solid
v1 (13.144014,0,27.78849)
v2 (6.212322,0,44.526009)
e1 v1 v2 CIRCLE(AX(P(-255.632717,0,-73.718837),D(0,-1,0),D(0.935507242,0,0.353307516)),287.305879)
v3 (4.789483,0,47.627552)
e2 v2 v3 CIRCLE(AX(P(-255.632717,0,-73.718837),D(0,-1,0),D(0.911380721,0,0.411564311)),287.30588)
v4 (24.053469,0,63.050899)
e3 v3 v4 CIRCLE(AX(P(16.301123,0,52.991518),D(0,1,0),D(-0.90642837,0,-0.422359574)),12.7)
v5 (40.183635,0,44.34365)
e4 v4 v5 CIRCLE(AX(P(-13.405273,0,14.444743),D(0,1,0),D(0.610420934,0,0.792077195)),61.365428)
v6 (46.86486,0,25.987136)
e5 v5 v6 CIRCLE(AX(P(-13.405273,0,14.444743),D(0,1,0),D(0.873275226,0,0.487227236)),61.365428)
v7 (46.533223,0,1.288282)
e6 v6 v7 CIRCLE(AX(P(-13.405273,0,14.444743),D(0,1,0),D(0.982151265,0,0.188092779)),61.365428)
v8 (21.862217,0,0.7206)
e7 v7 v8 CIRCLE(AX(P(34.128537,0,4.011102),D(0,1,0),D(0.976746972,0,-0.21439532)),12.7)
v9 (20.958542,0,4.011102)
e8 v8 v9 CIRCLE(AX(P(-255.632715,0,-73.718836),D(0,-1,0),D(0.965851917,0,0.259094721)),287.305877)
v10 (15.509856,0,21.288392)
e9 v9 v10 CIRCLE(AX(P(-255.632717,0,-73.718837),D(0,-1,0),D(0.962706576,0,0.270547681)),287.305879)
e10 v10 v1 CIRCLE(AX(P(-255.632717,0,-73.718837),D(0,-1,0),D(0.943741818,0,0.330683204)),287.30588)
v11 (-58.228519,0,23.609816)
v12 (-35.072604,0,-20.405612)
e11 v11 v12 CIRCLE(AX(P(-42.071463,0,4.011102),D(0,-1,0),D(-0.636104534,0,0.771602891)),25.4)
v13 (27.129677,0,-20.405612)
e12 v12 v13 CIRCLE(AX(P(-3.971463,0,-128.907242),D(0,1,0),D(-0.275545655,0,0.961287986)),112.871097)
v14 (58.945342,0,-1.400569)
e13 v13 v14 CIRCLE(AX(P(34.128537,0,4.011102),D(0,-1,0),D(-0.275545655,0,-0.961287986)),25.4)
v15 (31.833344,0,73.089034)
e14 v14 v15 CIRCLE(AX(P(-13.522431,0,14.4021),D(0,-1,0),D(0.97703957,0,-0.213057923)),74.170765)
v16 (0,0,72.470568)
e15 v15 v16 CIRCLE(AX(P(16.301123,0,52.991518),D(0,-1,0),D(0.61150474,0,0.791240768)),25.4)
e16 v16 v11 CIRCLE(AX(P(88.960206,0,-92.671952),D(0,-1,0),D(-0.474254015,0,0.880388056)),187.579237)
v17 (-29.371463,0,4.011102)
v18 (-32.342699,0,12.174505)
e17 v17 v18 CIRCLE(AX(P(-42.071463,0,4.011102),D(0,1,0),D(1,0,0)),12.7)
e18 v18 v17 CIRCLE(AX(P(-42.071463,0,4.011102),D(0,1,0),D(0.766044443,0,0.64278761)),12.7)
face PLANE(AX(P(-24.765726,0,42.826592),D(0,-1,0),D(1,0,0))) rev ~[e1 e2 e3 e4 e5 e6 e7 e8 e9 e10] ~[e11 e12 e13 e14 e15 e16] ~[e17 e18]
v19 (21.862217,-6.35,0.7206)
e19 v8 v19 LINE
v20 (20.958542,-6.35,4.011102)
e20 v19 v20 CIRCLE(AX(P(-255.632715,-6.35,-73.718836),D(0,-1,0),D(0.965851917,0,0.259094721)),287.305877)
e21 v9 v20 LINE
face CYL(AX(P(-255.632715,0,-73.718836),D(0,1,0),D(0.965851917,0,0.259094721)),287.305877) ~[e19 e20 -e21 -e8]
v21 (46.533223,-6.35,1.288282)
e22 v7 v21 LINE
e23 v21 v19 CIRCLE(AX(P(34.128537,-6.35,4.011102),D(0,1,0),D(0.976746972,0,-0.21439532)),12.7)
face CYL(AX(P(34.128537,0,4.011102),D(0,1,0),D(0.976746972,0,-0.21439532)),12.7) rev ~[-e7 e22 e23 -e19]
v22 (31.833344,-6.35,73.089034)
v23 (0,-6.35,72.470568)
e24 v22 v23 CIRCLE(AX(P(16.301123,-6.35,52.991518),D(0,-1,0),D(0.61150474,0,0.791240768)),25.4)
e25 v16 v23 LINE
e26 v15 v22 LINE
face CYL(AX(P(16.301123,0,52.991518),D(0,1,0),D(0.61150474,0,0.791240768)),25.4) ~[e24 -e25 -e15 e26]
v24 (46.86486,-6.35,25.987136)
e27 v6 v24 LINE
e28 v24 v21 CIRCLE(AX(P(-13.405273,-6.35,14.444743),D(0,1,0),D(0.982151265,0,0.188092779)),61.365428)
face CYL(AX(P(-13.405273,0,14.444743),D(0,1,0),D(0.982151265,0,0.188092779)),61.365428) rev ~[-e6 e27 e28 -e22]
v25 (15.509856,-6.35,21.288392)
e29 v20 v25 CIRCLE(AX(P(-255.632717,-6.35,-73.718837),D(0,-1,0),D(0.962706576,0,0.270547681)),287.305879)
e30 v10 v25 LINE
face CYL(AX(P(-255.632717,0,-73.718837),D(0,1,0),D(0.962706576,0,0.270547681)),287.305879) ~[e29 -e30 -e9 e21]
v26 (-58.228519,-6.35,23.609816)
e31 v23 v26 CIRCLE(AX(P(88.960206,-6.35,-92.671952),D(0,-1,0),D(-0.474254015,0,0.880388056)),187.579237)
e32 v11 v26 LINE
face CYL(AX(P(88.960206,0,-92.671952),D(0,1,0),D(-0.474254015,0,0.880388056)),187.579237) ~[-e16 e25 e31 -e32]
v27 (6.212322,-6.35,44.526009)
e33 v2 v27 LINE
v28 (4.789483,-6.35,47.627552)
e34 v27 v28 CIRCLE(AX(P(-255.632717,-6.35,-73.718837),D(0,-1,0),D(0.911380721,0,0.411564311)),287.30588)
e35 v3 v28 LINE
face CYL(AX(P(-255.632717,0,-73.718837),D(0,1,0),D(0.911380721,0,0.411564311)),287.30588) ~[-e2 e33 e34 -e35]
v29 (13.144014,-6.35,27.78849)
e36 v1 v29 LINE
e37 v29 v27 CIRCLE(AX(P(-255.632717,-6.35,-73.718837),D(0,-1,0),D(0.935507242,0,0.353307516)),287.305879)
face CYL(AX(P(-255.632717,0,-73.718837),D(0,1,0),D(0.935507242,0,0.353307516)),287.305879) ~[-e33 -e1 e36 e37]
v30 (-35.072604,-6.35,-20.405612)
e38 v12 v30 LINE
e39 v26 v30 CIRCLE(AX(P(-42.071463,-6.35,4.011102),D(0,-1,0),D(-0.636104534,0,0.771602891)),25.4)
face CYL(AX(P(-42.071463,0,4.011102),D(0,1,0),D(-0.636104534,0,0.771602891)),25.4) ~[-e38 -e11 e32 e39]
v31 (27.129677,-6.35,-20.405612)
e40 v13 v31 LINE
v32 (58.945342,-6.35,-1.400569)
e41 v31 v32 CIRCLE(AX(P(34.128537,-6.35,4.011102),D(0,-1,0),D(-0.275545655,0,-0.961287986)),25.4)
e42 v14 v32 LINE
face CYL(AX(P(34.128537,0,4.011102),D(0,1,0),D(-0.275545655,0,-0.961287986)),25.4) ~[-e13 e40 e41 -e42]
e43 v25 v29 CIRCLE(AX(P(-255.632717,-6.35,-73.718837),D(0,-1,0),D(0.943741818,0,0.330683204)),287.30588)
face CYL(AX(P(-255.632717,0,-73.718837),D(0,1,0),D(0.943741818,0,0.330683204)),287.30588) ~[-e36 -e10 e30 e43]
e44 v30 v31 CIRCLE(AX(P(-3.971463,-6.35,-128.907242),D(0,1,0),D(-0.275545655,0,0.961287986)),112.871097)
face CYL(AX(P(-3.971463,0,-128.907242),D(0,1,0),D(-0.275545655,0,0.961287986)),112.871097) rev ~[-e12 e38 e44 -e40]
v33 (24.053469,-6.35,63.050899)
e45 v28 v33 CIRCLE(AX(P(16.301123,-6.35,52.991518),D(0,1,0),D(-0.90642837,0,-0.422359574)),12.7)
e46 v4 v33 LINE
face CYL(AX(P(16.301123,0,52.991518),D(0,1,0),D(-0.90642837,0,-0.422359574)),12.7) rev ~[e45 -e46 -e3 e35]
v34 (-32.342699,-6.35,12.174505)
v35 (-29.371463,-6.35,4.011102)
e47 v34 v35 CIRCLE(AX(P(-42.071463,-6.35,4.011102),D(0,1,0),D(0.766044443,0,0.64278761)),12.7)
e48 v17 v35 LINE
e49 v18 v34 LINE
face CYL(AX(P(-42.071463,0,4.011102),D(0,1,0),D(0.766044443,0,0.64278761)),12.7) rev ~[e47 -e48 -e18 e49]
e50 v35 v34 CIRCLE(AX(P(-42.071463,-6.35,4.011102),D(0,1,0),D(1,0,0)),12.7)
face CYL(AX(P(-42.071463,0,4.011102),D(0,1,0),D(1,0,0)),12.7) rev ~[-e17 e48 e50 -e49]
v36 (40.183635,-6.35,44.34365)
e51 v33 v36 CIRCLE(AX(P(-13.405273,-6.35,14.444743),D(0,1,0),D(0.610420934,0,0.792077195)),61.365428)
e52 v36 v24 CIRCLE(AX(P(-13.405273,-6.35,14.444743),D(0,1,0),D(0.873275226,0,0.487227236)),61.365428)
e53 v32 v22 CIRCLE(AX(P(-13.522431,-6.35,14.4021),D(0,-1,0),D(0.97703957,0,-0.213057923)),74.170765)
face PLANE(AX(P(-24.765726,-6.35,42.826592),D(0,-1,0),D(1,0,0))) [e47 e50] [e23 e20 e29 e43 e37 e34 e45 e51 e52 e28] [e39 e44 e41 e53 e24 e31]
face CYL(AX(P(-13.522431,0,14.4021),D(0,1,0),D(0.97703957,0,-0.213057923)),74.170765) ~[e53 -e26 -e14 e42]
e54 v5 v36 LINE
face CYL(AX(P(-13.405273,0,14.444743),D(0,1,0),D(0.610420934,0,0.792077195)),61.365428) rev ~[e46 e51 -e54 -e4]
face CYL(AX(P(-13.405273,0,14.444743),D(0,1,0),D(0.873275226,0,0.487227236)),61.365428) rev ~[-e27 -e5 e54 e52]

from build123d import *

# Parameters (mm, degrees)
F1_DEPTH = 6.35


with BuildPart() as f1:
    # F0 (on Front) → F1 (new body)
    with BuildSketch(Plane.XZ):
        with BuildLine():
            ThreePointArc((0, 72.4705681205), (-31.6151754834, 51.0205932538), (-58.2285185052, 23.6098158874))
            ThreePointArc((-58.2285185052, 23.6098158874), (-39.747753506, 29.3045872421), (-22.6139344783, 20.3379077418))
            Line((-22.6139344783, 20.3379077418), (-3.1564056231, 36.6647130278))
            ThreePointArc((-3.1564056231, 36.6647130278), (-9.0007564313, 55.2219634474), (0, 72.4705681205))
        make_face()
        with BuildLine():
            Line((-3.1564056231, 36.6647130278), (-22.6139344783, 20.3379077418))
            ThreePointArc((-22.6139344783, 20.3379077418), (-18.2032707655, 12.6984140962), (-16.6714633335, 4.0111024557))
            Line((-16.6714633335, 4.0111024557), (8.7285366665, 4.0111024557))
            ThreePointArc((8.7285366665, 4.0111024557), (8.7325019345, 4.4599007306), (8.7443965005, 4.908558879))
            ThreePointArc((8.7443965005, 4.908558879), (6.1125631722, 21.5486538709), (-2.5673824162, 35.9874160266))
            ThreePointArc((-2.5673824162, 35.9874160266), (-2.8648860812, 36.3234624284), (-3.1564056231, 36.6647130278))
        make_face()
        with BuildLine():
            ThreePointArc((-16.6714633335, 4.0111024557), (-21.7868505138, -11.2759666798), (-35.0726037079, -20.4056123917))
            ThreePointArc((-35.0726037079, -20.4056123917), (-3.9714633335, -16.0361449079), (27.129677041, -20.4056123917))
            ThreePointArc((27.129677041, -20.4056123917), (13.8439238468, -11.2759666798), (8.7285366665, 4.0111024557))
            Line((8.7285366665, 4.0111024557), (-16.6714633335, 4.0111024557))
        make_face()
        with BuildLine():
            ThreePointArc((58.9453417467, -1.4005687843), (56.1752899305, 39.7699962571), (31.833343639, 73.0890338128))
            ThreePointArc((31.833343639, 73.0890338128), (39.10110567, 64.1861956577), (41.7011232322, 52.9915183138))
            ThreePointArc((41.7011232322, 52.9915183138), (41.3188749847, 48.6015186275), (40.18363526, 44.3436504125))
            ThreePointArc((40.18363526, 44.3436504125), (44.2593671036, 35.4329550343), (46.8648599559, 25.9871364261))
            ThreePointArc((46.8648599559, 25.9871364261), (56.1360650551, 16.6929278064), (59.5285366665, 4.0111024557))
            ThreePointArc((59.5285366665, 4.0111024557), (59.382317067, 1.2896000248), (58.9453417467, -1.4005687843))
        make_face()
        with BuildLine():
            ThreePointArc((31.833343639, 73.0890338128), (15.8077391608, 78.3867259751), (0, 72.4705681205))
            ThreePointArc((0, 72.4705681205), (-9.0007564313, 55.2219634474), (-3.1564056231, 36.6647130278))
            Line((-3.1564056231, 36.6647130278), (6.2123223295, 44.5260091974))
            ThreePointArc((6.2123223295, 44.5260091974), (5.5055073041, 46.0788928649), (4.789482931, 47.627551724))
            ThreePointArc((4.789482931, 47.627551724), (8.3636814796, 62.9054992713), (24.0534690987, 63.0508986907))
            ThreePointArc((24.0534690987, 63.0508986907), (33.0695475347, 54.5172622309), (40.18363526, 44.3436504125))
            ThreePointArc((40.18363526, 44.3436504125), (41.3188749847, 48.6015186275), (41.7011232322, 52.9915183138))
            ThreePointArc((41.7011232322, 52.9915183138), (39.10110567, 64.1861956577), (31.833343639, 73.0890338128))
        make_face()
        with BuildLine():
            ThreePointArc((8.7285366665, 4.0111024557), (13.8439238468, -11.2759666798), (27.129677041, -20.4056123917))
            ThreePointArc((27.129677041, -20.4056123917), (47.1541927224, -17.794683114), (58.9453417467, -1.4005687843))
            ThreePointArc((58.9453417467, -1.4005687843), (59.382317067, 1.2896000248), (59.5285366665, 4.0111024557))
            ThreePointArc((59.5285366665, 4.0111024557), (56.1360650551, 16.6929278064), (46.8648599559, 25.9871364261))
            ThreePointArc((46.8648599559, 25.9871364261), (47.9546242088, 13.6208501821), (46.533223206, 1.2882818858))
            ThreePointArc((46.533223206, 1.2882818858), (34.4206876415, -8.6855367771), (21.8622173199, 0.7205995022))
            ThreePointArc((21.8622173199, 0.7205995022), (21.4152650858, 2.3671926108), (20.9585424275, 4.0111024557))
            Line((20.9585424275, 4.0111024557), (8.7285366665, 4.0111024557))
        make_face()
        with BuildLine():
            ThreePointArc((8.7443965005, 4.908558879), (8.7325019345, 4.4599007306), (8.7285366665, 4.0111024557))
            Line((8.7285366665, 4.0111024557), (20.9585424275, 4.0111024557))
            ThreePointArc((20.9585424275, 4.0111024557), (18.3704105721, 12.6927036587), (15.509855789, 21.2883916639))
            ThreePointArc((15.509855789, 21.2883916639), (10.6522338174, 13.7076587794), (8.7443965005, 4.908558879))
        make_face()
        with BuildLine():
            Line((6.2123223295, 44.5260091974), (-3.1564056231, 36.6647130278))
            ThreePointArc((-3.1564056231, 36.6647130278), (-2.8648860812, 36.3234624284), (-2.5673824162, 35.9874160266))
            ThreePointArc((-2.5673824162, 35.9874160266), (4.5500581511, 30.4732486321), (13.1440136398, 27.788489547))
            ThreePointArc((13.1440136398, 27.788489547), (9.8101239891, 36.2118977495), (6.2123223295, 44.5260091974))
        make_face()
        with BuildLine():
            ThreePointArc((13.1440136398, 27.788489547), (4.5500581511, 30.4732486321), (-2.5673824162, 35.9874160266))
            ThreePointArc((-2.5673824162, 35.9874160266), (6.1125631722, 21.5486538709), (8.7443965005, 4.908558879))
            ThreePointArc((8.7443965005, 4.908558879), (10.6522338174, 13.7076587794), (15.509855789, 21.2883916639))
            ThreePointArc((15.509855789, 21.2883916639), (14.3464977034, 24.5455609512), (13.1440136398, 27.788489547))
        make_face()
        with BuildLine():
            ThreePointArc((-22.6139344783, 20.3379077418), (-39.747753506, 29.3045872421), (-58.2285185052, 23.6098158874))
            ThreePointArc((-58.2285185052, 23.6098158874), (-64.5505117579, -7.8148174635), (-35.0726037079, -20.4056123917))
            ThreePointArc((-35.0726037079, -20.4056123917), (-21.7868505138, -11.2759666798), (-16.6714633335, 4.0111024557))
            Line((-16.6714633335, 4.0111024557), (-29.3714633335, 4.0111024557))
            ThreePointArc((-29.3714633335, 4.0111024557), (-54.0055596175, -0.3325533645), (-32.3426989059, 12.1745050987))
            Line((-32.3426989059, 12.1745050987), (-22.6139344783, 20.3379077418))
        make_face()
        with BuildLine():
            ThreePointArc((-16.6714633335, 4.0111024557), (-18.2032707655, 12.6984140962), (-22.6139344783, 20.3379077418))
            Line((-22.6139344783, 20.3379077418), (-32.3426989059, 12.1745050987))
            ThreePointArc((-32.3426989059, 12.1745050987), (-30.1373670495, 8.354758276), (-29.3714633335, 4.0111024557))
            Line((-29.3714633335, 4.0111024557), (-16.6714633335, 4.0111024557))
        make_face()
    extrude(amount=F1_DEPTH)


solid = f1.part
